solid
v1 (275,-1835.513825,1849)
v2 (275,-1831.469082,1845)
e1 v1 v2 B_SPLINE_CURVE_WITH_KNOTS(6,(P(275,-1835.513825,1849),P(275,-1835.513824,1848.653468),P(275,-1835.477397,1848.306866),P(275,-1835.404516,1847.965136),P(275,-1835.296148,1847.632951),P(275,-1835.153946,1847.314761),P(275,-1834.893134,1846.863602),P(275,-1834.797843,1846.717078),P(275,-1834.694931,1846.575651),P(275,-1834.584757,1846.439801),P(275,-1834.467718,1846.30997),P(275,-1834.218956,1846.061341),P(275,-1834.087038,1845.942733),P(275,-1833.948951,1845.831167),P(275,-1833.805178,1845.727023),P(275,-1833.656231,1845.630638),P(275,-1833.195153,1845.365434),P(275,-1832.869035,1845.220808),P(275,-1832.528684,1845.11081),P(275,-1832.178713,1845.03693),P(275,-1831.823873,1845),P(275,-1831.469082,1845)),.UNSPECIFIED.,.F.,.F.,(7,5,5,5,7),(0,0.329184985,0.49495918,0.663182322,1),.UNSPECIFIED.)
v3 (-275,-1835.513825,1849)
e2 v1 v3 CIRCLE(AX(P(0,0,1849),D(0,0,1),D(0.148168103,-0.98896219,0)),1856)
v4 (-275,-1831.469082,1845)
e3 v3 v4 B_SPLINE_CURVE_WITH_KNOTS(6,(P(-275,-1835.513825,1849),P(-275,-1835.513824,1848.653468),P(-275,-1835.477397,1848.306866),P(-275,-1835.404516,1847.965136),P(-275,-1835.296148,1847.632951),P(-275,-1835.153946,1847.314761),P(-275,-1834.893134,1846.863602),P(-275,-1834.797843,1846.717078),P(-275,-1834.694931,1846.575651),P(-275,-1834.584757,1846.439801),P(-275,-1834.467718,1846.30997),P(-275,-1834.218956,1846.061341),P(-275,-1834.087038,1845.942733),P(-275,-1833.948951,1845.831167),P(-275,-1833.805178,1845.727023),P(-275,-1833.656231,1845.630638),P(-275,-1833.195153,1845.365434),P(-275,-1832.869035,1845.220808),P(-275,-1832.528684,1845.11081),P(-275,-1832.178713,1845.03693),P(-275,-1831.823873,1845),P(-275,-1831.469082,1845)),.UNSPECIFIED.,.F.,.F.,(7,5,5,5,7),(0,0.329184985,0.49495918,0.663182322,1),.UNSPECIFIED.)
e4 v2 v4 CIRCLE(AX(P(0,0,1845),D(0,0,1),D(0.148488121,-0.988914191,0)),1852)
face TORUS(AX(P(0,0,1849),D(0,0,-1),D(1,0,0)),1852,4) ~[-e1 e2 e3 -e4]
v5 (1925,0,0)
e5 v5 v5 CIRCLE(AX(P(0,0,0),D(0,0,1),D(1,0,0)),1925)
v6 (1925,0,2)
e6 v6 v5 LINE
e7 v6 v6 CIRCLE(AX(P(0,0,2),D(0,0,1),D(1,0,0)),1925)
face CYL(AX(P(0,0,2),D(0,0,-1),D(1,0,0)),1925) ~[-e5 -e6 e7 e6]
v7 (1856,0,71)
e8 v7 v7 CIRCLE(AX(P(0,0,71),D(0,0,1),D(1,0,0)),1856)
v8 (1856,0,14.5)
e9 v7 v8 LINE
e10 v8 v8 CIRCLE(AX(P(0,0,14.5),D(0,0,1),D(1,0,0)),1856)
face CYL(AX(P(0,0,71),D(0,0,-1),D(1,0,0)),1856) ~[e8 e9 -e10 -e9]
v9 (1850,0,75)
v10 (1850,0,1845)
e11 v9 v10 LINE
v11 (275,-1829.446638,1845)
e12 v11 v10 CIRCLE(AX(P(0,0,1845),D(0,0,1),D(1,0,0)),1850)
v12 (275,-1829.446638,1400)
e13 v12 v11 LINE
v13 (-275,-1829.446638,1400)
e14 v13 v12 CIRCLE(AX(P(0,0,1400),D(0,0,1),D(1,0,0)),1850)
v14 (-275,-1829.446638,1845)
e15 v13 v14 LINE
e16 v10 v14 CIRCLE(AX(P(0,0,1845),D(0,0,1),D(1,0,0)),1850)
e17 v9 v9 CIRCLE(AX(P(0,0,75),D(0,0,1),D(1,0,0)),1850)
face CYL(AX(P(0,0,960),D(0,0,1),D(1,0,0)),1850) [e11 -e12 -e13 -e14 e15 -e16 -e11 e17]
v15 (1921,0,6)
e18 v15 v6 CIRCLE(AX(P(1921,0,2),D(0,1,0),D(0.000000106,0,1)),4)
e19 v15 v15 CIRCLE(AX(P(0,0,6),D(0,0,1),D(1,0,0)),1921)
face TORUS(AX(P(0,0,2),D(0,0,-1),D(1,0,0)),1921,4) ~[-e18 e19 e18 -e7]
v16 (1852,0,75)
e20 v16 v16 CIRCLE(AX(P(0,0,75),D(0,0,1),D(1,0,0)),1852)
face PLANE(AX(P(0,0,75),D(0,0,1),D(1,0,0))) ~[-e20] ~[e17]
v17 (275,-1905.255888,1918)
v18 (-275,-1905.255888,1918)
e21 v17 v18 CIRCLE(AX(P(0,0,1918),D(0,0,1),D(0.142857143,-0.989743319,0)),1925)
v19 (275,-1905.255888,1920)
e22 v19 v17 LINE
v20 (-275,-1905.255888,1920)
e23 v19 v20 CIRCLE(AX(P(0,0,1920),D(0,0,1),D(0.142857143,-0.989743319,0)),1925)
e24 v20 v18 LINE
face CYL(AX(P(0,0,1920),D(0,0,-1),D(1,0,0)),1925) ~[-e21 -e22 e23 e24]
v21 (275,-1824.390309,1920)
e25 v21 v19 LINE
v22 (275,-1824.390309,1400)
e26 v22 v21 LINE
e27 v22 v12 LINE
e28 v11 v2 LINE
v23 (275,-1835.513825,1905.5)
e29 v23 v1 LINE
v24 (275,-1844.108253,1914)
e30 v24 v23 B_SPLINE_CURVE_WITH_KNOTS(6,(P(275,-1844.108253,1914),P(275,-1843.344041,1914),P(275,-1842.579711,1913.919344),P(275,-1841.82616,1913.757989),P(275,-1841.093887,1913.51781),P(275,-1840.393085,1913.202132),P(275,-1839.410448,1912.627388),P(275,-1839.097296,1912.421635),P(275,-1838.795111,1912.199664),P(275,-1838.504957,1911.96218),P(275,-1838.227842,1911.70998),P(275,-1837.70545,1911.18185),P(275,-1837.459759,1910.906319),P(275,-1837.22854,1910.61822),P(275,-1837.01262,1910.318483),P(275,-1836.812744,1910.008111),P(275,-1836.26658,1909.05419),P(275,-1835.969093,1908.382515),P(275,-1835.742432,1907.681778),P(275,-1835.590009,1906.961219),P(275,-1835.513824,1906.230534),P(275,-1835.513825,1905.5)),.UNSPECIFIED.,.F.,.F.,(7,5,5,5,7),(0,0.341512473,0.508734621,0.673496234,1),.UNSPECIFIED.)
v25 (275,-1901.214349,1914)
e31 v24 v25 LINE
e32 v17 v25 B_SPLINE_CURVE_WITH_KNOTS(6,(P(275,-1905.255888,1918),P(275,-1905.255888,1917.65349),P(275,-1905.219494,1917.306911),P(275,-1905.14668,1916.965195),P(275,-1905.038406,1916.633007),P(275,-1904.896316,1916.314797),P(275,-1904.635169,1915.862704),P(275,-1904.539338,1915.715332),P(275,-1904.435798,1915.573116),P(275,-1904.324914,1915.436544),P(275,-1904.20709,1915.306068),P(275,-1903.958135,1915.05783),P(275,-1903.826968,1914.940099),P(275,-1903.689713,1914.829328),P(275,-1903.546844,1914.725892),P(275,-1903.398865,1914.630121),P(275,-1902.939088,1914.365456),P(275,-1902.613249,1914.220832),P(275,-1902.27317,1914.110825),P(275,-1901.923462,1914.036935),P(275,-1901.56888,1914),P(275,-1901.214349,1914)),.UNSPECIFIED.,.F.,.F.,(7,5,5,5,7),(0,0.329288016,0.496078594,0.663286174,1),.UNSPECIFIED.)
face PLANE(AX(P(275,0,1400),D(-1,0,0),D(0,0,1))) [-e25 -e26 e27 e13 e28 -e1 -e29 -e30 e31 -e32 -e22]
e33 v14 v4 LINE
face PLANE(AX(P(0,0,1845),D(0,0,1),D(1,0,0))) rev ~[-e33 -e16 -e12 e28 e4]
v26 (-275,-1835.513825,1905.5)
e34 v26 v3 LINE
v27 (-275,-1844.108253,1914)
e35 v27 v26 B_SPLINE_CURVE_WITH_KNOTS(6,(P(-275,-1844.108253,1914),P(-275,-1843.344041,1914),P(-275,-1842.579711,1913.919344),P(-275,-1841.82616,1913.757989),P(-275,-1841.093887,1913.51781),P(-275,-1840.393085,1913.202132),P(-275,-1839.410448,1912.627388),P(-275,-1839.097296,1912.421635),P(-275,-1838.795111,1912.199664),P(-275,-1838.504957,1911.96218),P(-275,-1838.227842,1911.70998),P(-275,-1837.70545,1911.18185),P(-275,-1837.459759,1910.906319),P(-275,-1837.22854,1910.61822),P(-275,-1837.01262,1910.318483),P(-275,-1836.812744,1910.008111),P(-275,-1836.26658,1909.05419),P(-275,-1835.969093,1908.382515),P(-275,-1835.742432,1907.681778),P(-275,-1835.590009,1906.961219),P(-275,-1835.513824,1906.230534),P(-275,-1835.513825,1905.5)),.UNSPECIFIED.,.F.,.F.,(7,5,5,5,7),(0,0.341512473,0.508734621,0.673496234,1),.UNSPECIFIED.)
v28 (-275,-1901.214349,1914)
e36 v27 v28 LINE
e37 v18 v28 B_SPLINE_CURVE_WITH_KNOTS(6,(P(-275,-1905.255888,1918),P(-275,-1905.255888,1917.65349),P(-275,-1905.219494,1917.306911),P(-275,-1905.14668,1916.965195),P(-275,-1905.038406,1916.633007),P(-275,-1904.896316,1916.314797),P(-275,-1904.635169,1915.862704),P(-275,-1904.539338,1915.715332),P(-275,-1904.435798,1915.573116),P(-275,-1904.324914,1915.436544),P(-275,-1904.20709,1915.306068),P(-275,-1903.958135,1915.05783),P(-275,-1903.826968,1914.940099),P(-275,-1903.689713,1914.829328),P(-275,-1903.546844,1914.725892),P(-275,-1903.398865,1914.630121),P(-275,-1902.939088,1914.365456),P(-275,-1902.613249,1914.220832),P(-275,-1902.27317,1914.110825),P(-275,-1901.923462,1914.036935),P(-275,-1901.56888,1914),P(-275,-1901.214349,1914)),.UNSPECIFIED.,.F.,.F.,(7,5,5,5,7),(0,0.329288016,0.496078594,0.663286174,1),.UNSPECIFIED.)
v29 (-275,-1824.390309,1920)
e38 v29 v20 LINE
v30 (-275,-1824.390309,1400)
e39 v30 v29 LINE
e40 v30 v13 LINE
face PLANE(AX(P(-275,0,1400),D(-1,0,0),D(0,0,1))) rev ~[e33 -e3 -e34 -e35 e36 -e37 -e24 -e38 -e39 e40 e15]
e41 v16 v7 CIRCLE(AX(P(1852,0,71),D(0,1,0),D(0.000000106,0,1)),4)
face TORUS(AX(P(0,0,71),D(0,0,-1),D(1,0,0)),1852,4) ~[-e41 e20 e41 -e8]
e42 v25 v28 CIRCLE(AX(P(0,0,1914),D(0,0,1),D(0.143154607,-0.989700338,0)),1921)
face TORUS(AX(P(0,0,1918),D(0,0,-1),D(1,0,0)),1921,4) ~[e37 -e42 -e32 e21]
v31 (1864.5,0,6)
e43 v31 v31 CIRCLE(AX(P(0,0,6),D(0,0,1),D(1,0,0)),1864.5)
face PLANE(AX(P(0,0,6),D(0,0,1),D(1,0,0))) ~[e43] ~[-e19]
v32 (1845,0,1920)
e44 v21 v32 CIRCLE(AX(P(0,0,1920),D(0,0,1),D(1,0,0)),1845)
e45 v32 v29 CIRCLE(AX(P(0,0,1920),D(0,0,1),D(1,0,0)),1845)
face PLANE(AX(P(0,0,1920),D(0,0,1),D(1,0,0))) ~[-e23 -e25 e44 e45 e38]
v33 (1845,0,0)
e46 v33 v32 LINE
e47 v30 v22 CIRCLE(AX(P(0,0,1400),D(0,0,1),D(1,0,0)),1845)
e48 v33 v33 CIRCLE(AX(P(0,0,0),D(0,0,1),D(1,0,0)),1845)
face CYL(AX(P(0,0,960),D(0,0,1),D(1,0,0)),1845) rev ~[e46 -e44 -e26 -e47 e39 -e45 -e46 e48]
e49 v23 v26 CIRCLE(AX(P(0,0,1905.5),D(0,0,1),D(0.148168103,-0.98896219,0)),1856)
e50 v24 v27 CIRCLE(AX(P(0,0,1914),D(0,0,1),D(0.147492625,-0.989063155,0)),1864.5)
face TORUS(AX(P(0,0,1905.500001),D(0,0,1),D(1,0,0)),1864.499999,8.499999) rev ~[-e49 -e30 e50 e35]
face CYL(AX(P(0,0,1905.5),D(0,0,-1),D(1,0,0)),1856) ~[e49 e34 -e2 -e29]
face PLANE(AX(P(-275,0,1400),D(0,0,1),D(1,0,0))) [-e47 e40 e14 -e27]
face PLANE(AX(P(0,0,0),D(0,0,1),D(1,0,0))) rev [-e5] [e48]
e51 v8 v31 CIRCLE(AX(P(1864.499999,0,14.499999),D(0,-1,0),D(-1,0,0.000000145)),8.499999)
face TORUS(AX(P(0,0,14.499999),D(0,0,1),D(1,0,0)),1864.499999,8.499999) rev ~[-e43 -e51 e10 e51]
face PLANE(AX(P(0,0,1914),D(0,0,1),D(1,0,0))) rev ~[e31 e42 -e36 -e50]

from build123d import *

# Parameters (mm, degrees)
SKETCH001_W   = 550
SKETCH001_H   = 520
EXTRUDE_DEPTH = 2500
SKETCH_W      = 5
SKETCH_H      = 1920


with BuildPart() as extrude_body:
    # Sketch001 → Extrude (new body)
    with BuildSketch(Plane.XZ):
        with Locations((0, 1660)):
            Rectangle(SKETCH001_W, SKETCH001_H)
    extrude(amount=EXTRUDE_DEPTH)


with BuildPart() as revolve001:
    # AngleSteel → Revolve001 (revolve)
    with BuildSketch(Plane(origin=(1870.58985, 0, 20.58985), x_dir=(1, 0, 0), z_dir=(0, 1, 0))):
        with BuildLine():
            Line((-20.58985, 20.58985), (-20.58985, -54.41015))
            Line((-20.58985, -54.41015), (-18.58985, -54.41015))
            ThreePointArc((-18.58985, -54.41015), (-15.761423, -53.238577), (-14.58985, -50.41015))
            Line((-14.58985, -50.41015), (-14.58985, 6.08985))
            ThreePointArc((-14.58985, 6.08985), (-12.100258, 12.100258), (-6.08985, 14.58985))
            Line((-6.08985, 14.58985), (50.41015, 14.58985))
            ThreePointArc((50.41015, 14.58985), (53.238577, 15.761423), (54.41015, 18.58985))
            Line((54.41015, 18.58985), (54.41015, 20.58985))
            Line((54.41015, 20.58985), (-20.58985, 20.58985))
        make_face()
    revolve(axis=Axis((0, 0, 0), (0, 0, 1)))


with BuildPart() as revolve002:
    # AngleSteel001 → Revolve002 (revolve)
    with BuildSketch(Plane(origin=(1870.58985, 0, 1899.41015), x_dir=(1, 0, 0), z_dir=(0, 1, 0))):
        with BuildLine():
            Line((-20.58985, -20.58985), (54.41015, -20.58985))
            Line((54.41015, -20.58985), (54.41015, -18.58985))
            ThreePointArc((54.41015, -18.58985), (53.238577, -15.761423), (50.41015, -14.58985))
            Line((50.41015, -14.58985), (-6.08985, -14.58985))
            ThreePointArc((-6.08985, -14.58985), (-12.100258, -12.100258), (-14.58985, -6.08985))
            Line((-14.58985, -6.08985), (-14.58985, 50.41015))
            ThreePointArc((-14.58985, 50.41015), (-15.761423, 53.238577), (-18.58985, 54.41015))
            Line((-18.58985, 54.41015), (-20.58985, 54.41015))
            Line((-20.58985, 54.41015), (-20.58985, -20.58985))
        make_face()
    revolve(axis=Axis((0, 0, 0), (0, 0, 1)))


with BuildPart() as cut:
    # Sketch → Revolve (revolve)
    with BuildSketch(Plane.XZ):
        with Locations((1847.5, 960)):
            Rectangle(SKETCH_W, SKETCH_H)
    revolve(axis=Axis((0, 0, 0), (0, 0, 1)))

    # Fusion: union Revolve001, Revolve002
    add(revolve001.part)
    add(revolve002.part)

    # Cut: cut Extrude body
    add(extrude_body.part, mode=Mode.SUBTRACT)


solid = cut.part
